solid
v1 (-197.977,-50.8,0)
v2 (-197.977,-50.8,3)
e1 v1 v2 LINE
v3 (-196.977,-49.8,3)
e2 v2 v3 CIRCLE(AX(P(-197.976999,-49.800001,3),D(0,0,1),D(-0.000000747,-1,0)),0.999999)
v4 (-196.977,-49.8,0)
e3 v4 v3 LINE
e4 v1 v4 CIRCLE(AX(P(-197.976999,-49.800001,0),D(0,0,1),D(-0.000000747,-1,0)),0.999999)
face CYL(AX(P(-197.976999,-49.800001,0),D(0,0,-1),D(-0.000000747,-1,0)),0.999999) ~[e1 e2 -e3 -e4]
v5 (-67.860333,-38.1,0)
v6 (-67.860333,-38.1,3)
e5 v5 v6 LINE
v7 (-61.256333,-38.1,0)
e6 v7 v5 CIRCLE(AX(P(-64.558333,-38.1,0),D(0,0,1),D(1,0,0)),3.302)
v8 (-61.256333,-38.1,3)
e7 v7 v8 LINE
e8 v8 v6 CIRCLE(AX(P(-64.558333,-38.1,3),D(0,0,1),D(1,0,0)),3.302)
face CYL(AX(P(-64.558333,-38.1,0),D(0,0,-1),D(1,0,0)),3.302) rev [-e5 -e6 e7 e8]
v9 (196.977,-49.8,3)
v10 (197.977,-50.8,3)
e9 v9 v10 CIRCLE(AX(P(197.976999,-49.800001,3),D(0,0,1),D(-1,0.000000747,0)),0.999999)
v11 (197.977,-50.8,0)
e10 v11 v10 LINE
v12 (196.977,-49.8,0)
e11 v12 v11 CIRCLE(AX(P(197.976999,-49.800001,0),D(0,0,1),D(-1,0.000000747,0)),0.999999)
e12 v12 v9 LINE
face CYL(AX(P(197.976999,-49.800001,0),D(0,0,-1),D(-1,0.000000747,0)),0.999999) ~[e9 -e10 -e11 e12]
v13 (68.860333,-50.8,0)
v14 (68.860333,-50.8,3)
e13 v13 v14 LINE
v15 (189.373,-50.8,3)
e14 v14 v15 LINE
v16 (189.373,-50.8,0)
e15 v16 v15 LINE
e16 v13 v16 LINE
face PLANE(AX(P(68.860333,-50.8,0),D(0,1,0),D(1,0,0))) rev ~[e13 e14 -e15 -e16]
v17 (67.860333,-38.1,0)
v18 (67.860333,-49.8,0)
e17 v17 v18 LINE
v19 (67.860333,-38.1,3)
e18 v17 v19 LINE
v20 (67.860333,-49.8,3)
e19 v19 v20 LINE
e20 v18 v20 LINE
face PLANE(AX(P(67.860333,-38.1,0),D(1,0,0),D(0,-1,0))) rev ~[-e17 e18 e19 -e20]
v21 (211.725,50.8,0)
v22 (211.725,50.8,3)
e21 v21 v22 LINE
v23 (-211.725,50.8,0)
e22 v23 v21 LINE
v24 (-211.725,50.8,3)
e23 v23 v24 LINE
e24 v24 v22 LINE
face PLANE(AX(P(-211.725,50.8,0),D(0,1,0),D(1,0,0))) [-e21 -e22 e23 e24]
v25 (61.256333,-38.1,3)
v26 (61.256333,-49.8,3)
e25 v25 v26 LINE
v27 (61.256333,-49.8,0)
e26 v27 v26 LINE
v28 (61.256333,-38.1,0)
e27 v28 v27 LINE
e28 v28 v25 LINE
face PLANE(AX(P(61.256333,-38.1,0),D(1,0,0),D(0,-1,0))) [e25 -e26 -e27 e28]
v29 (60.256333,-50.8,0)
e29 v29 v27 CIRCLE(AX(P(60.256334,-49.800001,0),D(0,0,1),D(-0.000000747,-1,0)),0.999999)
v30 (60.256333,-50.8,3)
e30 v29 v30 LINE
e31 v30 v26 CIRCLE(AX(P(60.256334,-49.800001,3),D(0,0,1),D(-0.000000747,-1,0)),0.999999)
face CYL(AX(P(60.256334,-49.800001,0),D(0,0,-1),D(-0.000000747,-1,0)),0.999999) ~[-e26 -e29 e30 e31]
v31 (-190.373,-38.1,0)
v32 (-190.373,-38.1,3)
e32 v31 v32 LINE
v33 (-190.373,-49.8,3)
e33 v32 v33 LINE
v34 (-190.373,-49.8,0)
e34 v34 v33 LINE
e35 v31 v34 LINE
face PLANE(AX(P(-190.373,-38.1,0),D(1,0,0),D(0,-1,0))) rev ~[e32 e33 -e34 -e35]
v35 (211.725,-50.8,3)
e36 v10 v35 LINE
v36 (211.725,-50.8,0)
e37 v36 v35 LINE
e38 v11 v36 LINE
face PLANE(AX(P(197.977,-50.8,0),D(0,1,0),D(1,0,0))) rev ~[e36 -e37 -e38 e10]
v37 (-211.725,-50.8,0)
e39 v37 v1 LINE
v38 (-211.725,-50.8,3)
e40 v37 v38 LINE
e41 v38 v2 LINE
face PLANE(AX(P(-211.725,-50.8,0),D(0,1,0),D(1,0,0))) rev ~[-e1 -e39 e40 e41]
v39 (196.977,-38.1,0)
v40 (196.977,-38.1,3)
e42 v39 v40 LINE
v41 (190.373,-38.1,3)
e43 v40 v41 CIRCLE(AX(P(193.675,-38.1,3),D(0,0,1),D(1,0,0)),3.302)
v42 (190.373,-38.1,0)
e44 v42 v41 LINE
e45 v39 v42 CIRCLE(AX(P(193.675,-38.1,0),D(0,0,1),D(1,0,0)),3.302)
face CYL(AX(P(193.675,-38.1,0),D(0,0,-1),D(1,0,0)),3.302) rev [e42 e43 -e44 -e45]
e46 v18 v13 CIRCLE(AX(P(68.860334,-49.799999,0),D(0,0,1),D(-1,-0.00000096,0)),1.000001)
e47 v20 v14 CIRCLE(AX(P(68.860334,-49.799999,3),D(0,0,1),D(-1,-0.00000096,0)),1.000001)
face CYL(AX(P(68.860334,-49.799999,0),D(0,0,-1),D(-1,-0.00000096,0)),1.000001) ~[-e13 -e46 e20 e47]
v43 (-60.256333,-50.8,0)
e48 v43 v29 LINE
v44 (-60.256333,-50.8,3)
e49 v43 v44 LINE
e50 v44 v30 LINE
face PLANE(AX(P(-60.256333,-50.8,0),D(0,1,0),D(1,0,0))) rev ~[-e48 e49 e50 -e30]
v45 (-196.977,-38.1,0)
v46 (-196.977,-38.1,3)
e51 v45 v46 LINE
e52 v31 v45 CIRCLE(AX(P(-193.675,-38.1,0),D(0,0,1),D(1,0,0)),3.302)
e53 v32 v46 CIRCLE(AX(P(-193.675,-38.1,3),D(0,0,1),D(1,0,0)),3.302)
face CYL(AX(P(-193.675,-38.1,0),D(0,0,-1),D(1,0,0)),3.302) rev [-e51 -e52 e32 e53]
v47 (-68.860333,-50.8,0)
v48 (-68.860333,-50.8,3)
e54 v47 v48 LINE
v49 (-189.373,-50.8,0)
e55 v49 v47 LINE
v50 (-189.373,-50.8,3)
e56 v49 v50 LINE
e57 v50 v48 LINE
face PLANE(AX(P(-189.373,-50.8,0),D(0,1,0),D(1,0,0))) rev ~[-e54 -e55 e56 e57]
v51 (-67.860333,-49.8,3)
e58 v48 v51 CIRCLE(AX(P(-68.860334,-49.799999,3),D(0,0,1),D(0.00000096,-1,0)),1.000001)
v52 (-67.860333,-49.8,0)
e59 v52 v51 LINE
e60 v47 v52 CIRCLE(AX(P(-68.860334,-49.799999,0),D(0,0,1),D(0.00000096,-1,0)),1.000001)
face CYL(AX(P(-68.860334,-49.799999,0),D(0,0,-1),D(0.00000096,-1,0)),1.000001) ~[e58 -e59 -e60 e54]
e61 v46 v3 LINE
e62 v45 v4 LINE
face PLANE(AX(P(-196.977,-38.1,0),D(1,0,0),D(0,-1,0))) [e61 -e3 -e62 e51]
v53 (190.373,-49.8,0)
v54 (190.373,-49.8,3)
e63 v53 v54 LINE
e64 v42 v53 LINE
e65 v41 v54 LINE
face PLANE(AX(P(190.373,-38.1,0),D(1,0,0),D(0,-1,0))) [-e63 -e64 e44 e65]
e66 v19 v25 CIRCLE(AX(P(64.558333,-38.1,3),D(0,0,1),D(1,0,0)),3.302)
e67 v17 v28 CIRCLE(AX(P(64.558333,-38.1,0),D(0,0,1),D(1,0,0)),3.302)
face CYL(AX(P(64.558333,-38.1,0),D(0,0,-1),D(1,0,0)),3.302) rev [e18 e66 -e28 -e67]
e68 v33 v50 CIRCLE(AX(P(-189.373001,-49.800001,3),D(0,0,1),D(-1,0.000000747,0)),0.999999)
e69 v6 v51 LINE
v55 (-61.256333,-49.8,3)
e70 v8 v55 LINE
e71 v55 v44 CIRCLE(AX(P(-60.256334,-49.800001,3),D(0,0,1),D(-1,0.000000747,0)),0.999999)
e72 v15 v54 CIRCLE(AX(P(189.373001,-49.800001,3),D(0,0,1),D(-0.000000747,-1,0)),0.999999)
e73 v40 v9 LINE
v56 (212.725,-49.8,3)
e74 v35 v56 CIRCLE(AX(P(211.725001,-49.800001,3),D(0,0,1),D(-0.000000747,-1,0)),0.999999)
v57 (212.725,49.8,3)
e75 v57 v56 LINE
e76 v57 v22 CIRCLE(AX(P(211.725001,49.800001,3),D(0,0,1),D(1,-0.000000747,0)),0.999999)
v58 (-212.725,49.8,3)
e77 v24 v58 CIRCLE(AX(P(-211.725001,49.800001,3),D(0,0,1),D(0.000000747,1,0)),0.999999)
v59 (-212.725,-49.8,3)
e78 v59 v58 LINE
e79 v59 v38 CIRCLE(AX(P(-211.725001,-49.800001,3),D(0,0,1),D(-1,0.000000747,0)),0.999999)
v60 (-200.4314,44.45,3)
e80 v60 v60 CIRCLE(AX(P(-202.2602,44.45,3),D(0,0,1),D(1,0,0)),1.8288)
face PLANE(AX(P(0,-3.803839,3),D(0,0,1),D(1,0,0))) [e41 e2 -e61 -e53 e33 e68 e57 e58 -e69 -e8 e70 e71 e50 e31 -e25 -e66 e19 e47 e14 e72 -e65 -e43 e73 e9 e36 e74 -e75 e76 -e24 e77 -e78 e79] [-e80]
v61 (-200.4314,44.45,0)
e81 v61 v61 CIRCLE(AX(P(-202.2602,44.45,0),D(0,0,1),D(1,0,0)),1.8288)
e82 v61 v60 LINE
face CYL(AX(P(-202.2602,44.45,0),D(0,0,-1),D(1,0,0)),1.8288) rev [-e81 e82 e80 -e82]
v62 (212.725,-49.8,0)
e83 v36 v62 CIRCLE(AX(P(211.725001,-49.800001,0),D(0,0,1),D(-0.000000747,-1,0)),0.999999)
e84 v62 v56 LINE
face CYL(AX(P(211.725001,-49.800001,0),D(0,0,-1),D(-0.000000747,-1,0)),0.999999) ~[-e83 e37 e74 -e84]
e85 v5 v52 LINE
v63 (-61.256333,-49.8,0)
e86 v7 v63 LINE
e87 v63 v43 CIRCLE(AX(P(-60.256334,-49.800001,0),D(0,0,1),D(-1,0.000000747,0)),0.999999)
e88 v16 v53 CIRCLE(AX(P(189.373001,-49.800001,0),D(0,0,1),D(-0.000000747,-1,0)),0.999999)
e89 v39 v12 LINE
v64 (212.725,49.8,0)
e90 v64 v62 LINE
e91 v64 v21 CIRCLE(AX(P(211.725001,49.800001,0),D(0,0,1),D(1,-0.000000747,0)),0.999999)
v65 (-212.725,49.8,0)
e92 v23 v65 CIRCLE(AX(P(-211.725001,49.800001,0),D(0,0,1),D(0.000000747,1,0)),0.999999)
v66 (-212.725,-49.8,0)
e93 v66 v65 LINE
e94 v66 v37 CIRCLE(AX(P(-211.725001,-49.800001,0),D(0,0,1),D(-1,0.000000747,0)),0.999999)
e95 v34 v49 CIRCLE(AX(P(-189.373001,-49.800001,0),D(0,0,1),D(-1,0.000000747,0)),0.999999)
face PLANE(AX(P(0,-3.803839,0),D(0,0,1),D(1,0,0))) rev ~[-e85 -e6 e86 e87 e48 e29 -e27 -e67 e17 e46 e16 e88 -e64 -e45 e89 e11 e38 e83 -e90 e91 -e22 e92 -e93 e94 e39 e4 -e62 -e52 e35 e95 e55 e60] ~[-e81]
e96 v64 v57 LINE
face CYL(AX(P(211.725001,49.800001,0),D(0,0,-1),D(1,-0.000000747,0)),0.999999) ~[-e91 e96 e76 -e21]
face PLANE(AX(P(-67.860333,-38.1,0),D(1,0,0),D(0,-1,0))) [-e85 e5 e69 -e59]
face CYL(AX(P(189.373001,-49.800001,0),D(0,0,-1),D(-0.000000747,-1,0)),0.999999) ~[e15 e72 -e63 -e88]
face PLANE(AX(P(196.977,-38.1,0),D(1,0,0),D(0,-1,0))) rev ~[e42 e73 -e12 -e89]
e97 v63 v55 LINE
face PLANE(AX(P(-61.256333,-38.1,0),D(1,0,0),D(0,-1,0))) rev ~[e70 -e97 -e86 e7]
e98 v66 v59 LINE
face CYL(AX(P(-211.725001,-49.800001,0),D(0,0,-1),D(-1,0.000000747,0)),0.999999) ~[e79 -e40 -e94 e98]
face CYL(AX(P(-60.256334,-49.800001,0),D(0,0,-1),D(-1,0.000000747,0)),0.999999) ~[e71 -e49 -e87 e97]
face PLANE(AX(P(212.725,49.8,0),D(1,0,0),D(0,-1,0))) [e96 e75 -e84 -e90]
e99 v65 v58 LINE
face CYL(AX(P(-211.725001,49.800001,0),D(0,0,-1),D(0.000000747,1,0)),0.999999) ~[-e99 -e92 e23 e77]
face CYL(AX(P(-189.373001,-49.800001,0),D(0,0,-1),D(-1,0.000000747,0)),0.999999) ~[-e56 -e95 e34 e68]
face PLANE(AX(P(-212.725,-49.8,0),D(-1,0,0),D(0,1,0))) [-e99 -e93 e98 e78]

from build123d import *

# Parameters (mm, degrees)
SKETCH_R  = 1.8288
PAD_DEPTH = 3


with BuildPart() as part:
    # Sketch → Pad (new body)
    with BuildSketch(Plane.XY):
        with BuildLine():
            ThreePointArc((-211.725, 50.8), (-212.432107, 50.507107), (-212.725, 49.8))
            Line((-212.725, -49.8), (-212.725, 49.8))
            ThreePointArc((-212.725, -49.8), (-212.432107, -50.507107), (-211.725, -50.8))
            Line((-211.725, -50.8), (-197.977, -50.8))
            ThreePointArc((-197.977, -50.8), (-197.269893, -50.507107), (-196.977, -49.8))
            Line((-196.977, -38.1), (-196.977, -49.8))
            ThreePointArc((-190.373, -38.1), (-193.675, -34.798), (-196.977, -38.1))
            Line((-190.373, -38.1), (-190.373, -49.8))
            ThreePointArc((-190.373, -49.8), (-190.080107, -50.507107), (-189.373, -50.8))
            Line((-189.373, -50.8), (-68.860333, -50.8))
            ThreePointArc((-68.860333, -50.8), (-68.153227, -50.507107), (-67.860333, -49.8))
            Line((-67.860333, -38.1), (-67.860333, -49.8))
            ThreePointArc((-61.256333, -38.1), (-64.558333, -34.798), (-67.860333, -38.1))
            Line((-61.256333, -38.1), (-61.256333, -49.8))
            ThreePointArc((-61.256333, -49.8), (-60.96344, -50.507107), (-60.256333, -50.8))
            Line((-60.256333, -50.8), (60.256333, -50.8))
            ThreePointArc((60.256333, -50.8), (60.96344, -50.507107), (61.256333, -49.8))
            Line((61.256333, -38.1), (61.256333, -49.8))
            ThreePointArc((67.860333, -38.1), (64.558333, -34.798), (61.256333, -38.1))
            Line((67.860333, -38.1), (67.860333, -49.8))
            ThreePointArc((67.860333, -49.8), (68.153227, -50.507107), (68.860333, -50.8))
            Line((68.860333, -50.8), (189.373, -50.8))
            ThreePointArc((189.373, -50.8), (190.080107, -50.507107), (190.373, -49.8))
            Line((190.373, -38.1), (190.373, -49.8))
            ThreePointArc((196.977, -38.1), (193.675, -34.798), (190.373, -38.1))
            Line((196.977, -38.1), (196.977, -49.8))
            ThreePointArc((196.977, -49.8), (197.269893, -50.507107), (197.977, -50.8))
            Line((197.977, -50.8), (211.725, -50.8))
            ThreePointArc((211.725, -50.8), (212.432107, -50.507107), (212.725, -49.8))
            Line((212.725, 49.8), (212.725, -49.8))
            ThreePointArc((212.725, 49.8), (212.432107, 50.507107), (211.725, 50.8))
            Line((-211.725, 50.8), (211.725, 50.8))
        make_face()
        with Locations((-202.2602, 44.45)):
            Circle(SKETCH_R, mode=Mode.SUBTRACT)
    extrude(amount=PAD_DEPTH)


solid = part.part
